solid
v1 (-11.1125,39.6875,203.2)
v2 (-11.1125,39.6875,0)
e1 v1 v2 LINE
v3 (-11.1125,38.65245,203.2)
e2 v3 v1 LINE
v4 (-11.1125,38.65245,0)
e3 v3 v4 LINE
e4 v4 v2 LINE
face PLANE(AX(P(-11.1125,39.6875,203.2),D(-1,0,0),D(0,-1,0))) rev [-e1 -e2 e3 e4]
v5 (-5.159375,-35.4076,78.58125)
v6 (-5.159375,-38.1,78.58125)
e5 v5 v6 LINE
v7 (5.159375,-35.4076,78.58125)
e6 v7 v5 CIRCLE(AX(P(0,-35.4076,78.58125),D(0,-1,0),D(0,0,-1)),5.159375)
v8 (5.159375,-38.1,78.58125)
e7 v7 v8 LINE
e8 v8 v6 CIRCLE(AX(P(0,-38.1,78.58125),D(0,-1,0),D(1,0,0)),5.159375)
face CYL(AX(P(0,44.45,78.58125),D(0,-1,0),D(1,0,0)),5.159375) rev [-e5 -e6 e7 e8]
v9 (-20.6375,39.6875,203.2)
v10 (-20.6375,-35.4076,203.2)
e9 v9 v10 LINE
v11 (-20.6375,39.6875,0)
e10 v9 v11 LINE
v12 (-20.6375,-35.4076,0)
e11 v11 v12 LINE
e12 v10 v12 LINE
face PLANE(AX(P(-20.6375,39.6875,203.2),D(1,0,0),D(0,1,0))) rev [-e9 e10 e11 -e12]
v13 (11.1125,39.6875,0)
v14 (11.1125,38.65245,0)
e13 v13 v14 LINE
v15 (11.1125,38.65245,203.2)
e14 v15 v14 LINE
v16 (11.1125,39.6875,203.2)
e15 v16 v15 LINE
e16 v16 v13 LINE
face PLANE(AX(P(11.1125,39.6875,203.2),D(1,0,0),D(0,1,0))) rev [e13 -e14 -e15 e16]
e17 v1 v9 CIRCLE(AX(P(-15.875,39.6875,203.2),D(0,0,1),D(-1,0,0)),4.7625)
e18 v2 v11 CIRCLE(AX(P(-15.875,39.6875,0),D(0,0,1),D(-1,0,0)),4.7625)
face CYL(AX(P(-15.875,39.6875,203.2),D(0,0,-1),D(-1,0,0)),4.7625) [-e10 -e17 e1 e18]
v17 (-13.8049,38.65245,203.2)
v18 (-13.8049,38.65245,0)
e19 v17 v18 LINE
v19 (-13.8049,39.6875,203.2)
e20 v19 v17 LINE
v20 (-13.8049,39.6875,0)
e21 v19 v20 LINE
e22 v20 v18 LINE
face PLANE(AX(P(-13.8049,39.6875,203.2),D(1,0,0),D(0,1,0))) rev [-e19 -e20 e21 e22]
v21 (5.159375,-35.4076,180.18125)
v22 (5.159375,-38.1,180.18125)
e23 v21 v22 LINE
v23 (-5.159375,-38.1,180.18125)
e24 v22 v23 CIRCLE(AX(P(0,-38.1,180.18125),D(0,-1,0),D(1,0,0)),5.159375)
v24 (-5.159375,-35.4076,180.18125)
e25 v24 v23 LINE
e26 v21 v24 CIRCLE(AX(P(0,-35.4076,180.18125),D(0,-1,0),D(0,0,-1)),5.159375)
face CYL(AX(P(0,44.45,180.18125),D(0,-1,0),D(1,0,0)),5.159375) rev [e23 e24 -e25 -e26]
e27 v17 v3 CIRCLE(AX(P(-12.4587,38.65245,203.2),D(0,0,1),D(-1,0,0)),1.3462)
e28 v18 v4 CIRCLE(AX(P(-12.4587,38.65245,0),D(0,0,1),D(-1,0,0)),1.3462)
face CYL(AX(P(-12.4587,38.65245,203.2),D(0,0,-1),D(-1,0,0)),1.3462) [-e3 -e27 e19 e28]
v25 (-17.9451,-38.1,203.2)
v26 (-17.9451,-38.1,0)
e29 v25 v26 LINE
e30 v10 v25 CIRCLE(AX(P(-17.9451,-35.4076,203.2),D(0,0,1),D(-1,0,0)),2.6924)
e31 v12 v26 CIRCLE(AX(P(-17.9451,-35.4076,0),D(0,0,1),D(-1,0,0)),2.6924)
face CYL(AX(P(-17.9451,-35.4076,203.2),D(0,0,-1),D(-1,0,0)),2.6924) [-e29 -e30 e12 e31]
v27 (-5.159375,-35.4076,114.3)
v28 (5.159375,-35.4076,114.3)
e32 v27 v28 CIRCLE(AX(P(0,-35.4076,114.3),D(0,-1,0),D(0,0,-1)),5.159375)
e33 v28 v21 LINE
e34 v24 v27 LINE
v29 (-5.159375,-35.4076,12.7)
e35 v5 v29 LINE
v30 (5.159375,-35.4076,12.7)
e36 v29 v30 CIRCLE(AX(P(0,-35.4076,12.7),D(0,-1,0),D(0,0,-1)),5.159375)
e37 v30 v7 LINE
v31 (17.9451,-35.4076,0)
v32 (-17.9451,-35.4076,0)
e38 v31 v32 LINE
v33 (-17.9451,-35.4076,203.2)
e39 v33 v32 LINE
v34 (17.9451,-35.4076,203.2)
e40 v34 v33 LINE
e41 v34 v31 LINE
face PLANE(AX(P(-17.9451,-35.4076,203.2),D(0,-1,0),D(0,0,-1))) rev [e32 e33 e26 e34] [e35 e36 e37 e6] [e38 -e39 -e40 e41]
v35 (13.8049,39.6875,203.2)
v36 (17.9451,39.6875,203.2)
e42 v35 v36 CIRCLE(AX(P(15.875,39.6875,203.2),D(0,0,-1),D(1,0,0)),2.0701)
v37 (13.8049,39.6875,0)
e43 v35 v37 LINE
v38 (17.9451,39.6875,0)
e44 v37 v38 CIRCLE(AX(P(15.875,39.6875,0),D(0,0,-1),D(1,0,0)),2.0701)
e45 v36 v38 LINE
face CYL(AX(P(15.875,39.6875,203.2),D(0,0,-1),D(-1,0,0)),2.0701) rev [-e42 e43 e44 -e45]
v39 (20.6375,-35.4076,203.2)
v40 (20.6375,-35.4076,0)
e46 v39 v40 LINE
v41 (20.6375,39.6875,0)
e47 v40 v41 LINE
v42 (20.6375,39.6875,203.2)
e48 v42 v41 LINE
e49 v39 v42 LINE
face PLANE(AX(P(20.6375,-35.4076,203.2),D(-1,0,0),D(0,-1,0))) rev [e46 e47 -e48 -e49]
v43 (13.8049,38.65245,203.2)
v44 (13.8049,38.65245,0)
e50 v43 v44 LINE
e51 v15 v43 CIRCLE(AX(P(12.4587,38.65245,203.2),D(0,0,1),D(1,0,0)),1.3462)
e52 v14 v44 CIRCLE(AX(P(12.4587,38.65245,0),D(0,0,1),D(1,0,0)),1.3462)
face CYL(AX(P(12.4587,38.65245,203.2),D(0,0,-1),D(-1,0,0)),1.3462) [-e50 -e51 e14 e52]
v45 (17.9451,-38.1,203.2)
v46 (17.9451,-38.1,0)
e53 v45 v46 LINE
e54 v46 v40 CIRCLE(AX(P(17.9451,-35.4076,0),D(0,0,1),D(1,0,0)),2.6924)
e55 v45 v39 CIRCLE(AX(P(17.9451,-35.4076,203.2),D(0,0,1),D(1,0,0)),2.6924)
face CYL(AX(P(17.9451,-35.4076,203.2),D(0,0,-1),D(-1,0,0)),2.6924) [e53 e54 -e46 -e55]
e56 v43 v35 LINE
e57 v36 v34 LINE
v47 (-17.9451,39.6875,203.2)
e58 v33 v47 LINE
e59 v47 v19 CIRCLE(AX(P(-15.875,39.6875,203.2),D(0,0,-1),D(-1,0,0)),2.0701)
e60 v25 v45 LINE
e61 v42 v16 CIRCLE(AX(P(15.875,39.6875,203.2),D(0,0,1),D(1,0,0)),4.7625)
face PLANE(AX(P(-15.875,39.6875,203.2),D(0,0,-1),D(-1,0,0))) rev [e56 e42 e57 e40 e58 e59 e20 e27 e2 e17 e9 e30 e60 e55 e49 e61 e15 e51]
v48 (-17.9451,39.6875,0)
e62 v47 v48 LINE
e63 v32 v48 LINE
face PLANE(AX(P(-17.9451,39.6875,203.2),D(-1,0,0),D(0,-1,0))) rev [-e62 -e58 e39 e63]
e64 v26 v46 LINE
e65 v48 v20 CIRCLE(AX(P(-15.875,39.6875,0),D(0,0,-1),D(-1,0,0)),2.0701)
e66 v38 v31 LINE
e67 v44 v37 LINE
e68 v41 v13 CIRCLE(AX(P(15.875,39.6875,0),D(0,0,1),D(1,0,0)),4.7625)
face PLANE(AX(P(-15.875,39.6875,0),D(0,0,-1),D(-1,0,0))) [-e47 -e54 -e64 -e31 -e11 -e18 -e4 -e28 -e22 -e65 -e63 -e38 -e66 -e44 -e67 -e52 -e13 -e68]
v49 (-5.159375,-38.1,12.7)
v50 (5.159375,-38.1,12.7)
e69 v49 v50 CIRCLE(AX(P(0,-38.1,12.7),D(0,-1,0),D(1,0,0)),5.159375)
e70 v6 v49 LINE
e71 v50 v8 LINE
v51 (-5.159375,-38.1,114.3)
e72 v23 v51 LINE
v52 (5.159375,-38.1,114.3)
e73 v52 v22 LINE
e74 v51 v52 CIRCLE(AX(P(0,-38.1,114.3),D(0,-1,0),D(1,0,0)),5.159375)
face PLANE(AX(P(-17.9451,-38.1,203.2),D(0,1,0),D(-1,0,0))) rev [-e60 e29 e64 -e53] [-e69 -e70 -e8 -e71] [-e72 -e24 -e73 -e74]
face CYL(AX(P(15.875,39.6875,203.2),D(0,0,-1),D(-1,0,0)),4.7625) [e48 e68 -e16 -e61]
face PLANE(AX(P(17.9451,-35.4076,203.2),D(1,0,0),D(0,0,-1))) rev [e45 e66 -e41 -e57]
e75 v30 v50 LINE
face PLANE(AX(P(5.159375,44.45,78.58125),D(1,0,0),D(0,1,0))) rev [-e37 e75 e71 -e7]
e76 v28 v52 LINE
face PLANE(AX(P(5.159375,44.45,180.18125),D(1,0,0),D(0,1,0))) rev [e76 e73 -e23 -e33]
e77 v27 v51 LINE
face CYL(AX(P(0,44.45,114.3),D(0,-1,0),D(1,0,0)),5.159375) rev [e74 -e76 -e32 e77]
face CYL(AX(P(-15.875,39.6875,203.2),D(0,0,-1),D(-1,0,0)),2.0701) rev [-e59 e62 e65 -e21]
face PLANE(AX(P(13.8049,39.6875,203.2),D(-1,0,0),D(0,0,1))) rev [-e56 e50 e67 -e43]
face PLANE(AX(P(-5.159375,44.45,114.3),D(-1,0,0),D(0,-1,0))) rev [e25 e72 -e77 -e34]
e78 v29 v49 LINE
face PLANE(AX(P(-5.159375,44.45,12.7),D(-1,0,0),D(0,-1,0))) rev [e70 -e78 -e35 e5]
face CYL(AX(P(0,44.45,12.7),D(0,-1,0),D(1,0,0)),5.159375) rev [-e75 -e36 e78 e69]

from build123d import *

# Parameters (mm, degrees)
BASE_EXTRUDE_DEPTH = 203.2
SLOT_DEPTH         = 234.945438739
LPATTERN1_COUNT    = 2
LPATTERN1_PITCH    = 101.6


with BuildPart() as part:
    # Sketch1 → Base-Extrude (new body)
    with BuildSketch(Plane.XY):
        with BuildLine():
            Line((-20.6375, 39.6875), (-20.6375, -35.4076))
            ThreePointArc((-20.6375, -35.4076), (-19.848914298, -37.311414298), (-17.9451, -38.1))
            Line((-17.9451, -38.1), (17.9451, -38.1))
            ThreePointArc((17.9451, -38.1), (19.848914298, -37.311414298), (20.6375, -35.4076))
            Line((20.6375, -35.4076), (20.6375, 39.6875))
            ThreePointArc((20.6375, 39.6875), (15.875, 44.45), (11.1125, 39.6875))
            Line((11.1125, 39.6875), (11.1125, 38.65245))
            ThreePointArc((11.1125, 38.65245), (12.4587, 37.30625), (13.8049, 38.65245))
            Line((13.8049, 38.65245), (13.8049, 39.6875))
            ThreePointArc((13.8049, 39.6875), (15.875, 41.7576), (17.9451, 39.6875))
            Line((17.9451, 39.6875), (17.9451, -35.4076))
            Line((17.9451, -35.4076), (-17.9451, -35.4076))
            Line((-17.9451, -35.4076), (-17.9451, 39.6875))
            ThreePointArc((-17.9451, 39.6875), (-15.875, 41.7576), (-13.8049, 39.6875))
            Line((-13.8049, 39.6875), (-13.8049, 38.65245))
            ThreePointArc((-13.8049, 38.65245), (-12.4587, 37.30625), (-11.1125, 38.65245))
            Line((-11.1125, 38.65245), (-11.1125, 39.6875))
            ThreePointArc((-11.1125, 39.6875), (-15.875, 44.45), (-20.6375, 39.6875))
        make_face()
    extrude(amount=BASE_EXTRUDE_DEPTH)

    # Sketch2 → Slot (cut, through all)
    with BuildSketch(Plane(origin=(-0.560706402, -38.1, -14.668313098), x_dir=(1, 0, 0), z_dir=(0, -1, 0))):
        with BuildLine():
            Line((5.720081402, 93.249563098), (5.720081402, 27.368313098))
            ThreePointArc((5.720081402, 27.368313098), (0.560706402, 22.208938098), (-4.598668598, 27.368313098))
            Line((-4.598668598, 27.368313098), (-4.598668598, 93.249563098))
            ThreePointArc((-4.598668598, 93.249563098), (0.560706402, 98.408938098), (5.720081402, 93.249563098))
        make_face()
    slot = extrude(amount=-SLOT_DEPTH, mode=Mode.SUBTRACT)

    # LPattern1: Slot ×2
    with Locations(*[(0, 0, i * LPATTERN1_PITCH) for i in range(1, LPATTERN1_COUNT)]):
        add(slot, mode=Mode.SUBTRACT)


solid = part.part
